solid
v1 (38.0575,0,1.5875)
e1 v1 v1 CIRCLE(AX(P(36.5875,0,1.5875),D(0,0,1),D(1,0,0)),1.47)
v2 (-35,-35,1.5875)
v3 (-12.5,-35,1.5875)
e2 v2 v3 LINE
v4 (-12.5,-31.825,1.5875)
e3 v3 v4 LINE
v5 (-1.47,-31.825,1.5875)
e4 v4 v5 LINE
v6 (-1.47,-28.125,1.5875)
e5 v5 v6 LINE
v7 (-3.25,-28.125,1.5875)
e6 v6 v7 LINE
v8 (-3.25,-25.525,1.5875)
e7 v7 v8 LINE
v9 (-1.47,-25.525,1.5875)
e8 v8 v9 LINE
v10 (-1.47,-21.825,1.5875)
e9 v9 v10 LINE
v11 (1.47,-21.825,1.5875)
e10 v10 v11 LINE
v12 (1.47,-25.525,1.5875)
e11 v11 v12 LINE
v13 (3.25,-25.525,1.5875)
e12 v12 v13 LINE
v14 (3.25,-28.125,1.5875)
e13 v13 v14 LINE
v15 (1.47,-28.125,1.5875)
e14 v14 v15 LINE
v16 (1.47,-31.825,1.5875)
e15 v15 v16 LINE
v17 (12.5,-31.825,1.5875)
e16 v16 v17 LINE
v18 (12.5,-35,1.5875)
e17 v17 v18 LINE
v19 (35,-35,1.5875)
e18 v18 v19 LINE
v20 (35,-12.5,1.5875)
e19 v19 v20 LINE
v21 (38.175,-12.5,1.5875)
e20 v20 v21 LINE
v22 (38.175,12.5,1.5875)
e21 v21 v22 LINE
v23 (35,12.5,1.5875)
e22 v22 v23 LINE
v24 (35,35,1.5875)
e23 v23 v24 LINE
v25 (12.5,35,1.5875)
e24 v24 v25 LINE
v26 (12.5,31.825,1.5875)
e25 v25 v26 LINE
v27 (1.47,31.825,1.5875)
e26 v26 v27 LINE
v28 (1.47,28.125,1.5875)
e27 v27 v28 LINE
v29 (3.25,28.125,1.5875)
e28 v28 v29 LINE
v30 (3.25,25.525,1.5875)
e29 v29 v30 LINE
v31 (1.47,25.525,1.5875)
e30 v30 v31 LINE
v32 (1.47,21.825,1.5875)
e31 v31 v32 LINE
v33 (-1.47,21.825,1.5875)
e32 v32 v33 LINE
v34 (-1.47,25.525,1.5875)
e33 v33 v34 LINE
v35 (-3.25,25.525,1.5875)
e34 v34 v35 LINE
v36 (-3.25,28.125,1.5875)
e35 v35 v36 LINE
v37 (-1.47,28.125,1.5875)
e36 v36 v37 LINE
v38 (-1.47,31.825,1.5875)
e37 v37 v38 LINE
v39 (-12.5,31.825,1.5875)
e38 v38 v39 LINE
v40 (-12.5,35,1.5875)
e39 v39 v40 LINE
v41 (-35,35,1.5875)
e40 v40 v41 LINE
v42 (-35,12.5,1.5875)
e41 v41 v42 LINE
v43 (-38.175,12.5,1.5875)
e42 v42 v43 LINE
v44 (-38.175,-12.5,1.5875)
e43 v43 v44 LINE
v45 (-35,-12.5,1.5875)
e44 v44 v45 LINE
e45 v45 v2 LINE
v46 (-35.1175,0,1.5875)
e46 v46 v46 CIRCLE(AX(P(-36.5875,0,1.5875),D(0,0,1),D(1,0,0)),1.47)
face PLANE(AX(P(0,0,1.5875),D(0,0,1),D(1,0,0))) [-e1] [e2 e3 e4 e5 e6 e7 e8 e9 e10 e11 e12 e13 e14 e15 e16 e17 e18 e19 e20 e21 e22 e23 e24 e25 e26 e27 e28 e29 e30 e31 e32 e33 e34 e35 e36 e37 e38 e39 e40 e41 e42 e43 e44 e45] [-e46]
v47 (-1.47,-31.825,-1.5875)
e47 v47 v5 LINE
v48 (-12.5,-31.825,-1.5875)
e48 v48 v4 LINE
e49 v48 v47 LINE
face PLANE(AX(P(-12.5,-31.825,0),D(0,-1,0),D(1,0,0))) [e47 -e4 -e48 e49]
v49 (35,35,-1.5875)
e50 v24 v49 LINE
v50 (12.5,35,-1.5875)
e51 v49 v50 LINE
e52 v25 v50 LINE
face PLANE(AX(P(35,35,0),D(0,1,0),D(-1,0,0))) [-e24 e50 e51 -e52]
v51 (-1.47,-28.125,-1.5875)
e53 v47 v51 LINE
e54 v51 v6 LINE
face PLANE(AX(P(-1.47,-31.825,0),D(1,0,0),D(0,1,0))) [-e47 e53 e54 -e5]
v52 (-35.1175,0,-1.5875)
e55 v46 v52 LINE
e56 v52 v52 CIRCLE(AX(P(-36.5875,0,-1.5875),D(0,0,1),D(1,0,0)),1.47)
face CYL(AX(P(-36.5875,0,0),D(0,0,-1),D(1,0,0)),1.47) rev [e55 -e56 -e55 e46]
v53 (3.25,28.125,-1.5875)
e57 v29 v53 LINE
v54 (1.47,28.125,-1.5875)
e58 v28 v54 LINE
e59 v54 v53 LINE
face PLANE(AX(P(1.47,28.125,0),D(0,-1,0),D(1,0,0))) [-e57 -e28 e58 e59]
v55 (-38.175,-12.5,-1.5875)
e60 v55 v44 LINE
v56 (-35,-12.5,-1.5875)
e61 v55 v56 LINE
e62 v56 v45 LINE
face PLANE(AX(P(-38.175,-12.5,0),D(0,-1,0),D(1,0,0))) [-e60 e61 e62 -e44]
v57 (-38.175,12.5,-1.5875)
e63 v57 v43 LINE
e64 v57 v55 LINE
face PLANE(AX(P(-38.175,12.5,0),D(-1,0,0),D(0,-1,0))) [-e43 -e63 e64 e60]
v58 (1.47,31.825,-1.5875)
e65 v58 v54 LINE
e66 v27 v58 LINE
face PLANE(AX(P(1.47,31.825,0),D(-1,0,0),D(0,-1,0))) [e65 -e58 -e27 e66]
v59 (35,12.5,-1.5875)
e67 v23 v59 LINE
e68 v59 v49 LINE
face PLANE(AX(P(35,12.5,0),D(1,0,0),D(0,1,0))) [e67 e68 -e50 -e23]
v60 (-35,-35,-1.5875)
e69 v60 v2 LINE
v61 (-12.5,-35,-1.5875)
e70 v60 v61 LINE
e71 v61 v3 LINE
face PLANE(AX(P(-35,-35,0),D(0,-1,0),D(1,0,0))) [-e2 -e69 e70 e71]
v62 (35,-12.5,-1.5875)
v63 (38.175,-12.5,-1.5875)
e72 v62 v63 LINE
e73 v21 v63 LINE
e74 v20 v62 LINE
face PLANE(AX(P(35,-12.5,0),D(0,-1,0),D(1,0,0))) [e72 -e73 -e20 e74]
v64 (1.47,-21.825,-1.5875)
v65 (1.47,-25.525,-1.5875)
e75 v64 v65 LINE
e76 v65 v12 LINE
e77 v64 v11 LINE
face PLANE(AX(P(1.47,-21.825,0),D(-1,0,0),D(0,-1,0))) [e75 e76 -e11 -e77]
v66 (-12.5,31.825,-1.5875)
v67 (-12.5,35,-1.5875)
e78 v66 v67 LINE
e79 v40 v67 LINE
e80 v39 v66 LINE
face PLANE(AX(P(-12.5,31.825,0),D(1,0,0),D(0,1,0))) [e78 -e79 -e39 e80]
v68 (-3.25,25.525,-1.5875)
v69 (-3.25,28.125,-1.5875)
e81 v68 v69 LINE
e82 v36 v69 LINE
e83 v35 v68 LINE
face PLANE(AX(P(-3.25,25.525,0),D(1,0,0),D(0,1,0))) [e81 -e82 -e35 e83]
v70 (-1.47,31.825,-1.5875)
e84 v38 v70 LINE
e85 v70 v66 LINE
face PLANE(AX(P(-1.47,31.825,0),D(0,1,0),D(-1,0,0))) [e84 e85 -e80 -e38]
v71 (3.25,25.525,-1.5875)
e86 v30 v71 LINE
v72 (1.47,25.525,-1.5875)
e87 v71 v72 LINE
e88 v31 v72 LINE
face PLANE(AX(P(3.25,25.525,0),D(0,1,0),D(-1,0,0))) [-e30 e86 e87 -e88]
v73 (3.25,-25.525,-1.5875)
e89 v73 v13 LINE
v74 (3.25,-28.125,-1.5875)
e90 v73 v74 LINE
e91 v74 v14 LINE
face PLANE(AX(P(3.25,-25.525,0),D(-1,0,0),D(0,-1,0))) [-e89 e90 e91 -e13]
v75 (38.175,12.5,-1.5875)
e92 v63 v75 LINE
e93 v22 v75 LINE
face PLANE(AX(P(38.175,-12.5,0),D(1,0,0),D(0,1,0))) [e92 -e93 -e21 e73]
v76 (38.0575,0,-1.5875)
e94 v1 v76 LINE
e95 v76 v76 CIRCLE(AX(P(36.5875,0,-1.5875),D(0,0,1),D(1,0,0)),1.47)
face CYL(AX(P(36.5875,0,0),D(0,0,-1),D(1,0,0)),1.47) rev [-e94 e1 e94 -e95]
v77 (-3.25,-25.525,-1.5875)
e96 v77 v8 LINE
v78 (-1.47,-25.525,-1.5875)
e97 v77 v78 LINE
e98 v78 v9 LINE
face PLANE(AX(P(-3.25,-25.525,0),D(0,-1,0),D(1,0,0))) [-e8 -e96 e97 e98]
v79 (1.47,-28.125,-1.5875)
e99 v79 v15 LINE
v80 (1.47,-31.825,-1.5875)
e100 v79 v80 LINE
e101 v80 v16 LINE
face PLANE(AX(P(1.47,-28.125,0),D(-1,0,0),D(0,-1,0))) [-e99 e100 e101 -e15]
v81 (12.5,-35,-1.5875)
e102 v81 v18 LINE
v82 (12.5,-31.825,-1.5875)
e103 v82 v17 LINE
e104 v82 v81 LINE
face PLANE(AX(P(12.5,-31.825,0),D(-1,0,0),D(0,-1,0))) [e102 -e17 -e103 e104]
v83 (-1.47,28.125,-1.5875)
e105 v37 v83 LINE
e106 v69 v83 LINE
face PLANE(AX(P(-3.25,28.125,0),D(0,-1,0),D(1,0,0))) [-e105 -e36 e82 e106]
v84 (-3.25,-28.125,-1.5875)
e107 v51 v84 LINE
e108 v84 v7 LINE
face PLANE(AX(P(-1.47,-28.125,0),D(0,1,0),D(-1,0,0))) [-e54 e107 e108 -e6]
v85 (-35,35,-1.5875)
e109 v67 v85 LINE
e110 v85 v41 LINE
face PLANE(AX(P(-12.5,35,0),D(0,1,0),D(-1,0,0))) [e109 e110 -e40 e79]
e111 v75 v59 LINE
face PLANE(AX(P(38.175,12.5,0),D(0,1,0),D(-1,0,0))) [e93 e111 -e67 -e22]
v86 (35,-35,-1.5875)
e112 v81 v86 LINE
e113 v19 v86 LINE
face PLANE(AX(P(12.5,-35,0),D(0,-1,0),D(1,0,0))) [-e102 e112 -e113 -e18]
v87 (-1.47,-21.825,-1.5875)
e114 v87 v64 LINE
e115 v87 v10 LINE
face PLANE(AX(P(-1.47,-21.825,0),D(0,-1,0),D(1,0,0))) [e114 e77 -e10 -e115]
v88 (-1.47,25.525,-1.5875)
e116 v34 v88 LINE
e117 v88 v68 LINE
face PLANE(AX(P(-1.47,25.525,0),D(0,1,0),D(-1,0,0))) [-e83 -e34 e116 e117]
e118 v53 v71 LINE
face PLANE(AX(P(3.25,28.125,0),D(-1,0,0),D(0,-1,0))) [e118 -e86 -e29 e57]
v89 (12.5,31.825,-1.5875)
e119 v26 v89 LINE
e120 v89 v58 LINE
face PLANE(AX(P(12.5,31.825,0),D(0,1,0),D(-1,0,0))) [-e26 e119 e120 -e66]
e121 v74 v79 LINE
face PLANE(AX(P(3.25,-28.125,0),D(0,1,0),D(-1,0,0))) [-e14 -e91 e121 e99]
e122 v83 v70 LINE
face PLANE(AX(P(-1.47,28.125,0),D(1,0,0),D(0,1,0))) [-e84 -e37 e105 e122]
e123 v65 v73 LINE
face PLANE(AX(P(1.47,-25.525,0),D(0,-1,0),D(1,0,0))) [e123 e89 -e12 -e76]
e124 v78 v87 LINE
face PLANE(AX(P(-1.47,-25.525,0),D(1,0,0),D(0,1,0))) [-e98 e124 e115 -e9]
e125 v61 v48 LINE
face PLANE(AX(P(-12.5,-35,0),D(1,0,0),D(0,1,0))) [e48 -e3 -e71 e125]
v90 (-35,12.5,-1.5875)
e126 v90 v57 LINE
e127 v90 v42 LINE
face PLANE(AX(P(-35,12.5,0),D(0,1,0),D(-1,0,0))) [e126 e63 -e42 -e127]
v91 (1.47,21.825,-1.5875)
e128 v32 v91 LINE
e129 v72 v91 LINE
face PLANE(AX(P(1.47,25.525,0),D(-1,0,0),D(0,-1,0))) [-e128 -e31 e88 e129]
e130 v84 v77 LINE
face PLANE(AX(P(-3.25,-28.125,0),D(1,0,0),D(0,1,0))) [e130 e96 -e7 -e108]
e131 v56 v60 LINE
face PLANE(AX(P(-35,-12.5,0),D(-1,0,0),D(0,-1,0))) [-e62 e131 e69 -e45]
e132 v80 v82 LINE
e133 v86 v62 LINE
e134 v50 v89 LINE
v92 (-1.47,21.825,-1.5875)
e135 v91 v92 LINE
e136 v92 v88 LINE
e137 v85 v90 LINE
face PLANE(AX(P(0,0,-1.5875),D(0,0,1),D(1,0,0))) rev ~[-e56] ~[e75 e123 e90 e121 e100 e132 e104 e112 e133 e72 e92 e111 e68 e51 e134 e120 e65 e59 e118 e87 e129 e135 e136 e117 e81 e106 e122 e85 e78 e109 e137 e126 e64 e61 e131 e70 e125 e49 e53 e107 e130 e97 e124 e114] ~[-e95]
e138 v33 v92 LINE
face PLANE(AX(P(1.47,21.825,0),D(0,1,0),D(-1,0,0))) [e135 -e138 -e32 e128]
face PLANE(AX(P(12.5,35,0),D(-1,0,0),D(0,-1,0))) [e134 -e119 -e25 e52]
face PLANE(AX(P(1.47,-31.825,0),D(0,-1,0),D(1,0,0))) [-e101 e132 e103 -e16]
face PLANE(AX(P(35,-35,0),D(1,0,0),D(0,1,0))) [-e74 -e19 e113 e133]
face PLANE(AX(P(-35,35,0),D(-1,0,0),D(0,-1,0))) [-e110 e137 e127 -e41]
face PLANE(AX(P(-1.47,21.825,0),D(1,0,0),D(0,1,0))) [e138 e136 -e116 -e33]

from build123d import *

# Parameters (mm, degrees)
SKETCH1_R           = 1.47
BOSS_EXTRUDE1_DEPTH = 1.5875


with BuildPart() as part:
    # Sketch1 → Boss-Extrude1 (new body, symmetric)
    with BuildSketch(Plane.XY):
        Polygon((-12.5, 35), (-35, 35), (-35, 12.5), (-38.175, 12.5), (-38.175, -12.5), (-35, -12.5), (-35, -35), (-12.5, -35), (-12.5, -31.825), (-1.47, -31.825), (-1.47, -28.125), (-3.25, -28.125), (-3.25, -25.525), (-1.47, -25.525), (-1.47, -21.825), (1.47, -21.825), (1.47, -25.525), (3.25, -25.525), (3.25, -28.125), (1.47, -28.125), (1.47, -31.825), (12.5, -31.825), (12.5, -35), (35, -35), (35, -12.5), (38.175, -12.5), (38.175, 12.5), (35, 12.5), (35, 35), (12.5, 35), (12.5, 31.825), (1.47, 31.825), (1.47, 28.125), (3.25, 28.125), (3.25, 25.525), (1.47, 25.525), (1.47, 21.825), (-1.47, 21.825), (-1.47, 25.525), (-3.25, 25.525), (-3.25, 28.125), (-1.47, 28.125), (-1.47, 31.825), (-12.5, 31.825), align=None)
        with Locations((-36.5875, 0)):
            Circle(SKETCH1_R, mode=Mode.SUBTRACT)
        with Locations((36.5875, 0)):
            Circle(SKETCH1_R, mode=Mode.SUBTRACT)
    extrude(amount=BOSS_EXTRUDE1_DEPTH, both=True)


solid = part.part
